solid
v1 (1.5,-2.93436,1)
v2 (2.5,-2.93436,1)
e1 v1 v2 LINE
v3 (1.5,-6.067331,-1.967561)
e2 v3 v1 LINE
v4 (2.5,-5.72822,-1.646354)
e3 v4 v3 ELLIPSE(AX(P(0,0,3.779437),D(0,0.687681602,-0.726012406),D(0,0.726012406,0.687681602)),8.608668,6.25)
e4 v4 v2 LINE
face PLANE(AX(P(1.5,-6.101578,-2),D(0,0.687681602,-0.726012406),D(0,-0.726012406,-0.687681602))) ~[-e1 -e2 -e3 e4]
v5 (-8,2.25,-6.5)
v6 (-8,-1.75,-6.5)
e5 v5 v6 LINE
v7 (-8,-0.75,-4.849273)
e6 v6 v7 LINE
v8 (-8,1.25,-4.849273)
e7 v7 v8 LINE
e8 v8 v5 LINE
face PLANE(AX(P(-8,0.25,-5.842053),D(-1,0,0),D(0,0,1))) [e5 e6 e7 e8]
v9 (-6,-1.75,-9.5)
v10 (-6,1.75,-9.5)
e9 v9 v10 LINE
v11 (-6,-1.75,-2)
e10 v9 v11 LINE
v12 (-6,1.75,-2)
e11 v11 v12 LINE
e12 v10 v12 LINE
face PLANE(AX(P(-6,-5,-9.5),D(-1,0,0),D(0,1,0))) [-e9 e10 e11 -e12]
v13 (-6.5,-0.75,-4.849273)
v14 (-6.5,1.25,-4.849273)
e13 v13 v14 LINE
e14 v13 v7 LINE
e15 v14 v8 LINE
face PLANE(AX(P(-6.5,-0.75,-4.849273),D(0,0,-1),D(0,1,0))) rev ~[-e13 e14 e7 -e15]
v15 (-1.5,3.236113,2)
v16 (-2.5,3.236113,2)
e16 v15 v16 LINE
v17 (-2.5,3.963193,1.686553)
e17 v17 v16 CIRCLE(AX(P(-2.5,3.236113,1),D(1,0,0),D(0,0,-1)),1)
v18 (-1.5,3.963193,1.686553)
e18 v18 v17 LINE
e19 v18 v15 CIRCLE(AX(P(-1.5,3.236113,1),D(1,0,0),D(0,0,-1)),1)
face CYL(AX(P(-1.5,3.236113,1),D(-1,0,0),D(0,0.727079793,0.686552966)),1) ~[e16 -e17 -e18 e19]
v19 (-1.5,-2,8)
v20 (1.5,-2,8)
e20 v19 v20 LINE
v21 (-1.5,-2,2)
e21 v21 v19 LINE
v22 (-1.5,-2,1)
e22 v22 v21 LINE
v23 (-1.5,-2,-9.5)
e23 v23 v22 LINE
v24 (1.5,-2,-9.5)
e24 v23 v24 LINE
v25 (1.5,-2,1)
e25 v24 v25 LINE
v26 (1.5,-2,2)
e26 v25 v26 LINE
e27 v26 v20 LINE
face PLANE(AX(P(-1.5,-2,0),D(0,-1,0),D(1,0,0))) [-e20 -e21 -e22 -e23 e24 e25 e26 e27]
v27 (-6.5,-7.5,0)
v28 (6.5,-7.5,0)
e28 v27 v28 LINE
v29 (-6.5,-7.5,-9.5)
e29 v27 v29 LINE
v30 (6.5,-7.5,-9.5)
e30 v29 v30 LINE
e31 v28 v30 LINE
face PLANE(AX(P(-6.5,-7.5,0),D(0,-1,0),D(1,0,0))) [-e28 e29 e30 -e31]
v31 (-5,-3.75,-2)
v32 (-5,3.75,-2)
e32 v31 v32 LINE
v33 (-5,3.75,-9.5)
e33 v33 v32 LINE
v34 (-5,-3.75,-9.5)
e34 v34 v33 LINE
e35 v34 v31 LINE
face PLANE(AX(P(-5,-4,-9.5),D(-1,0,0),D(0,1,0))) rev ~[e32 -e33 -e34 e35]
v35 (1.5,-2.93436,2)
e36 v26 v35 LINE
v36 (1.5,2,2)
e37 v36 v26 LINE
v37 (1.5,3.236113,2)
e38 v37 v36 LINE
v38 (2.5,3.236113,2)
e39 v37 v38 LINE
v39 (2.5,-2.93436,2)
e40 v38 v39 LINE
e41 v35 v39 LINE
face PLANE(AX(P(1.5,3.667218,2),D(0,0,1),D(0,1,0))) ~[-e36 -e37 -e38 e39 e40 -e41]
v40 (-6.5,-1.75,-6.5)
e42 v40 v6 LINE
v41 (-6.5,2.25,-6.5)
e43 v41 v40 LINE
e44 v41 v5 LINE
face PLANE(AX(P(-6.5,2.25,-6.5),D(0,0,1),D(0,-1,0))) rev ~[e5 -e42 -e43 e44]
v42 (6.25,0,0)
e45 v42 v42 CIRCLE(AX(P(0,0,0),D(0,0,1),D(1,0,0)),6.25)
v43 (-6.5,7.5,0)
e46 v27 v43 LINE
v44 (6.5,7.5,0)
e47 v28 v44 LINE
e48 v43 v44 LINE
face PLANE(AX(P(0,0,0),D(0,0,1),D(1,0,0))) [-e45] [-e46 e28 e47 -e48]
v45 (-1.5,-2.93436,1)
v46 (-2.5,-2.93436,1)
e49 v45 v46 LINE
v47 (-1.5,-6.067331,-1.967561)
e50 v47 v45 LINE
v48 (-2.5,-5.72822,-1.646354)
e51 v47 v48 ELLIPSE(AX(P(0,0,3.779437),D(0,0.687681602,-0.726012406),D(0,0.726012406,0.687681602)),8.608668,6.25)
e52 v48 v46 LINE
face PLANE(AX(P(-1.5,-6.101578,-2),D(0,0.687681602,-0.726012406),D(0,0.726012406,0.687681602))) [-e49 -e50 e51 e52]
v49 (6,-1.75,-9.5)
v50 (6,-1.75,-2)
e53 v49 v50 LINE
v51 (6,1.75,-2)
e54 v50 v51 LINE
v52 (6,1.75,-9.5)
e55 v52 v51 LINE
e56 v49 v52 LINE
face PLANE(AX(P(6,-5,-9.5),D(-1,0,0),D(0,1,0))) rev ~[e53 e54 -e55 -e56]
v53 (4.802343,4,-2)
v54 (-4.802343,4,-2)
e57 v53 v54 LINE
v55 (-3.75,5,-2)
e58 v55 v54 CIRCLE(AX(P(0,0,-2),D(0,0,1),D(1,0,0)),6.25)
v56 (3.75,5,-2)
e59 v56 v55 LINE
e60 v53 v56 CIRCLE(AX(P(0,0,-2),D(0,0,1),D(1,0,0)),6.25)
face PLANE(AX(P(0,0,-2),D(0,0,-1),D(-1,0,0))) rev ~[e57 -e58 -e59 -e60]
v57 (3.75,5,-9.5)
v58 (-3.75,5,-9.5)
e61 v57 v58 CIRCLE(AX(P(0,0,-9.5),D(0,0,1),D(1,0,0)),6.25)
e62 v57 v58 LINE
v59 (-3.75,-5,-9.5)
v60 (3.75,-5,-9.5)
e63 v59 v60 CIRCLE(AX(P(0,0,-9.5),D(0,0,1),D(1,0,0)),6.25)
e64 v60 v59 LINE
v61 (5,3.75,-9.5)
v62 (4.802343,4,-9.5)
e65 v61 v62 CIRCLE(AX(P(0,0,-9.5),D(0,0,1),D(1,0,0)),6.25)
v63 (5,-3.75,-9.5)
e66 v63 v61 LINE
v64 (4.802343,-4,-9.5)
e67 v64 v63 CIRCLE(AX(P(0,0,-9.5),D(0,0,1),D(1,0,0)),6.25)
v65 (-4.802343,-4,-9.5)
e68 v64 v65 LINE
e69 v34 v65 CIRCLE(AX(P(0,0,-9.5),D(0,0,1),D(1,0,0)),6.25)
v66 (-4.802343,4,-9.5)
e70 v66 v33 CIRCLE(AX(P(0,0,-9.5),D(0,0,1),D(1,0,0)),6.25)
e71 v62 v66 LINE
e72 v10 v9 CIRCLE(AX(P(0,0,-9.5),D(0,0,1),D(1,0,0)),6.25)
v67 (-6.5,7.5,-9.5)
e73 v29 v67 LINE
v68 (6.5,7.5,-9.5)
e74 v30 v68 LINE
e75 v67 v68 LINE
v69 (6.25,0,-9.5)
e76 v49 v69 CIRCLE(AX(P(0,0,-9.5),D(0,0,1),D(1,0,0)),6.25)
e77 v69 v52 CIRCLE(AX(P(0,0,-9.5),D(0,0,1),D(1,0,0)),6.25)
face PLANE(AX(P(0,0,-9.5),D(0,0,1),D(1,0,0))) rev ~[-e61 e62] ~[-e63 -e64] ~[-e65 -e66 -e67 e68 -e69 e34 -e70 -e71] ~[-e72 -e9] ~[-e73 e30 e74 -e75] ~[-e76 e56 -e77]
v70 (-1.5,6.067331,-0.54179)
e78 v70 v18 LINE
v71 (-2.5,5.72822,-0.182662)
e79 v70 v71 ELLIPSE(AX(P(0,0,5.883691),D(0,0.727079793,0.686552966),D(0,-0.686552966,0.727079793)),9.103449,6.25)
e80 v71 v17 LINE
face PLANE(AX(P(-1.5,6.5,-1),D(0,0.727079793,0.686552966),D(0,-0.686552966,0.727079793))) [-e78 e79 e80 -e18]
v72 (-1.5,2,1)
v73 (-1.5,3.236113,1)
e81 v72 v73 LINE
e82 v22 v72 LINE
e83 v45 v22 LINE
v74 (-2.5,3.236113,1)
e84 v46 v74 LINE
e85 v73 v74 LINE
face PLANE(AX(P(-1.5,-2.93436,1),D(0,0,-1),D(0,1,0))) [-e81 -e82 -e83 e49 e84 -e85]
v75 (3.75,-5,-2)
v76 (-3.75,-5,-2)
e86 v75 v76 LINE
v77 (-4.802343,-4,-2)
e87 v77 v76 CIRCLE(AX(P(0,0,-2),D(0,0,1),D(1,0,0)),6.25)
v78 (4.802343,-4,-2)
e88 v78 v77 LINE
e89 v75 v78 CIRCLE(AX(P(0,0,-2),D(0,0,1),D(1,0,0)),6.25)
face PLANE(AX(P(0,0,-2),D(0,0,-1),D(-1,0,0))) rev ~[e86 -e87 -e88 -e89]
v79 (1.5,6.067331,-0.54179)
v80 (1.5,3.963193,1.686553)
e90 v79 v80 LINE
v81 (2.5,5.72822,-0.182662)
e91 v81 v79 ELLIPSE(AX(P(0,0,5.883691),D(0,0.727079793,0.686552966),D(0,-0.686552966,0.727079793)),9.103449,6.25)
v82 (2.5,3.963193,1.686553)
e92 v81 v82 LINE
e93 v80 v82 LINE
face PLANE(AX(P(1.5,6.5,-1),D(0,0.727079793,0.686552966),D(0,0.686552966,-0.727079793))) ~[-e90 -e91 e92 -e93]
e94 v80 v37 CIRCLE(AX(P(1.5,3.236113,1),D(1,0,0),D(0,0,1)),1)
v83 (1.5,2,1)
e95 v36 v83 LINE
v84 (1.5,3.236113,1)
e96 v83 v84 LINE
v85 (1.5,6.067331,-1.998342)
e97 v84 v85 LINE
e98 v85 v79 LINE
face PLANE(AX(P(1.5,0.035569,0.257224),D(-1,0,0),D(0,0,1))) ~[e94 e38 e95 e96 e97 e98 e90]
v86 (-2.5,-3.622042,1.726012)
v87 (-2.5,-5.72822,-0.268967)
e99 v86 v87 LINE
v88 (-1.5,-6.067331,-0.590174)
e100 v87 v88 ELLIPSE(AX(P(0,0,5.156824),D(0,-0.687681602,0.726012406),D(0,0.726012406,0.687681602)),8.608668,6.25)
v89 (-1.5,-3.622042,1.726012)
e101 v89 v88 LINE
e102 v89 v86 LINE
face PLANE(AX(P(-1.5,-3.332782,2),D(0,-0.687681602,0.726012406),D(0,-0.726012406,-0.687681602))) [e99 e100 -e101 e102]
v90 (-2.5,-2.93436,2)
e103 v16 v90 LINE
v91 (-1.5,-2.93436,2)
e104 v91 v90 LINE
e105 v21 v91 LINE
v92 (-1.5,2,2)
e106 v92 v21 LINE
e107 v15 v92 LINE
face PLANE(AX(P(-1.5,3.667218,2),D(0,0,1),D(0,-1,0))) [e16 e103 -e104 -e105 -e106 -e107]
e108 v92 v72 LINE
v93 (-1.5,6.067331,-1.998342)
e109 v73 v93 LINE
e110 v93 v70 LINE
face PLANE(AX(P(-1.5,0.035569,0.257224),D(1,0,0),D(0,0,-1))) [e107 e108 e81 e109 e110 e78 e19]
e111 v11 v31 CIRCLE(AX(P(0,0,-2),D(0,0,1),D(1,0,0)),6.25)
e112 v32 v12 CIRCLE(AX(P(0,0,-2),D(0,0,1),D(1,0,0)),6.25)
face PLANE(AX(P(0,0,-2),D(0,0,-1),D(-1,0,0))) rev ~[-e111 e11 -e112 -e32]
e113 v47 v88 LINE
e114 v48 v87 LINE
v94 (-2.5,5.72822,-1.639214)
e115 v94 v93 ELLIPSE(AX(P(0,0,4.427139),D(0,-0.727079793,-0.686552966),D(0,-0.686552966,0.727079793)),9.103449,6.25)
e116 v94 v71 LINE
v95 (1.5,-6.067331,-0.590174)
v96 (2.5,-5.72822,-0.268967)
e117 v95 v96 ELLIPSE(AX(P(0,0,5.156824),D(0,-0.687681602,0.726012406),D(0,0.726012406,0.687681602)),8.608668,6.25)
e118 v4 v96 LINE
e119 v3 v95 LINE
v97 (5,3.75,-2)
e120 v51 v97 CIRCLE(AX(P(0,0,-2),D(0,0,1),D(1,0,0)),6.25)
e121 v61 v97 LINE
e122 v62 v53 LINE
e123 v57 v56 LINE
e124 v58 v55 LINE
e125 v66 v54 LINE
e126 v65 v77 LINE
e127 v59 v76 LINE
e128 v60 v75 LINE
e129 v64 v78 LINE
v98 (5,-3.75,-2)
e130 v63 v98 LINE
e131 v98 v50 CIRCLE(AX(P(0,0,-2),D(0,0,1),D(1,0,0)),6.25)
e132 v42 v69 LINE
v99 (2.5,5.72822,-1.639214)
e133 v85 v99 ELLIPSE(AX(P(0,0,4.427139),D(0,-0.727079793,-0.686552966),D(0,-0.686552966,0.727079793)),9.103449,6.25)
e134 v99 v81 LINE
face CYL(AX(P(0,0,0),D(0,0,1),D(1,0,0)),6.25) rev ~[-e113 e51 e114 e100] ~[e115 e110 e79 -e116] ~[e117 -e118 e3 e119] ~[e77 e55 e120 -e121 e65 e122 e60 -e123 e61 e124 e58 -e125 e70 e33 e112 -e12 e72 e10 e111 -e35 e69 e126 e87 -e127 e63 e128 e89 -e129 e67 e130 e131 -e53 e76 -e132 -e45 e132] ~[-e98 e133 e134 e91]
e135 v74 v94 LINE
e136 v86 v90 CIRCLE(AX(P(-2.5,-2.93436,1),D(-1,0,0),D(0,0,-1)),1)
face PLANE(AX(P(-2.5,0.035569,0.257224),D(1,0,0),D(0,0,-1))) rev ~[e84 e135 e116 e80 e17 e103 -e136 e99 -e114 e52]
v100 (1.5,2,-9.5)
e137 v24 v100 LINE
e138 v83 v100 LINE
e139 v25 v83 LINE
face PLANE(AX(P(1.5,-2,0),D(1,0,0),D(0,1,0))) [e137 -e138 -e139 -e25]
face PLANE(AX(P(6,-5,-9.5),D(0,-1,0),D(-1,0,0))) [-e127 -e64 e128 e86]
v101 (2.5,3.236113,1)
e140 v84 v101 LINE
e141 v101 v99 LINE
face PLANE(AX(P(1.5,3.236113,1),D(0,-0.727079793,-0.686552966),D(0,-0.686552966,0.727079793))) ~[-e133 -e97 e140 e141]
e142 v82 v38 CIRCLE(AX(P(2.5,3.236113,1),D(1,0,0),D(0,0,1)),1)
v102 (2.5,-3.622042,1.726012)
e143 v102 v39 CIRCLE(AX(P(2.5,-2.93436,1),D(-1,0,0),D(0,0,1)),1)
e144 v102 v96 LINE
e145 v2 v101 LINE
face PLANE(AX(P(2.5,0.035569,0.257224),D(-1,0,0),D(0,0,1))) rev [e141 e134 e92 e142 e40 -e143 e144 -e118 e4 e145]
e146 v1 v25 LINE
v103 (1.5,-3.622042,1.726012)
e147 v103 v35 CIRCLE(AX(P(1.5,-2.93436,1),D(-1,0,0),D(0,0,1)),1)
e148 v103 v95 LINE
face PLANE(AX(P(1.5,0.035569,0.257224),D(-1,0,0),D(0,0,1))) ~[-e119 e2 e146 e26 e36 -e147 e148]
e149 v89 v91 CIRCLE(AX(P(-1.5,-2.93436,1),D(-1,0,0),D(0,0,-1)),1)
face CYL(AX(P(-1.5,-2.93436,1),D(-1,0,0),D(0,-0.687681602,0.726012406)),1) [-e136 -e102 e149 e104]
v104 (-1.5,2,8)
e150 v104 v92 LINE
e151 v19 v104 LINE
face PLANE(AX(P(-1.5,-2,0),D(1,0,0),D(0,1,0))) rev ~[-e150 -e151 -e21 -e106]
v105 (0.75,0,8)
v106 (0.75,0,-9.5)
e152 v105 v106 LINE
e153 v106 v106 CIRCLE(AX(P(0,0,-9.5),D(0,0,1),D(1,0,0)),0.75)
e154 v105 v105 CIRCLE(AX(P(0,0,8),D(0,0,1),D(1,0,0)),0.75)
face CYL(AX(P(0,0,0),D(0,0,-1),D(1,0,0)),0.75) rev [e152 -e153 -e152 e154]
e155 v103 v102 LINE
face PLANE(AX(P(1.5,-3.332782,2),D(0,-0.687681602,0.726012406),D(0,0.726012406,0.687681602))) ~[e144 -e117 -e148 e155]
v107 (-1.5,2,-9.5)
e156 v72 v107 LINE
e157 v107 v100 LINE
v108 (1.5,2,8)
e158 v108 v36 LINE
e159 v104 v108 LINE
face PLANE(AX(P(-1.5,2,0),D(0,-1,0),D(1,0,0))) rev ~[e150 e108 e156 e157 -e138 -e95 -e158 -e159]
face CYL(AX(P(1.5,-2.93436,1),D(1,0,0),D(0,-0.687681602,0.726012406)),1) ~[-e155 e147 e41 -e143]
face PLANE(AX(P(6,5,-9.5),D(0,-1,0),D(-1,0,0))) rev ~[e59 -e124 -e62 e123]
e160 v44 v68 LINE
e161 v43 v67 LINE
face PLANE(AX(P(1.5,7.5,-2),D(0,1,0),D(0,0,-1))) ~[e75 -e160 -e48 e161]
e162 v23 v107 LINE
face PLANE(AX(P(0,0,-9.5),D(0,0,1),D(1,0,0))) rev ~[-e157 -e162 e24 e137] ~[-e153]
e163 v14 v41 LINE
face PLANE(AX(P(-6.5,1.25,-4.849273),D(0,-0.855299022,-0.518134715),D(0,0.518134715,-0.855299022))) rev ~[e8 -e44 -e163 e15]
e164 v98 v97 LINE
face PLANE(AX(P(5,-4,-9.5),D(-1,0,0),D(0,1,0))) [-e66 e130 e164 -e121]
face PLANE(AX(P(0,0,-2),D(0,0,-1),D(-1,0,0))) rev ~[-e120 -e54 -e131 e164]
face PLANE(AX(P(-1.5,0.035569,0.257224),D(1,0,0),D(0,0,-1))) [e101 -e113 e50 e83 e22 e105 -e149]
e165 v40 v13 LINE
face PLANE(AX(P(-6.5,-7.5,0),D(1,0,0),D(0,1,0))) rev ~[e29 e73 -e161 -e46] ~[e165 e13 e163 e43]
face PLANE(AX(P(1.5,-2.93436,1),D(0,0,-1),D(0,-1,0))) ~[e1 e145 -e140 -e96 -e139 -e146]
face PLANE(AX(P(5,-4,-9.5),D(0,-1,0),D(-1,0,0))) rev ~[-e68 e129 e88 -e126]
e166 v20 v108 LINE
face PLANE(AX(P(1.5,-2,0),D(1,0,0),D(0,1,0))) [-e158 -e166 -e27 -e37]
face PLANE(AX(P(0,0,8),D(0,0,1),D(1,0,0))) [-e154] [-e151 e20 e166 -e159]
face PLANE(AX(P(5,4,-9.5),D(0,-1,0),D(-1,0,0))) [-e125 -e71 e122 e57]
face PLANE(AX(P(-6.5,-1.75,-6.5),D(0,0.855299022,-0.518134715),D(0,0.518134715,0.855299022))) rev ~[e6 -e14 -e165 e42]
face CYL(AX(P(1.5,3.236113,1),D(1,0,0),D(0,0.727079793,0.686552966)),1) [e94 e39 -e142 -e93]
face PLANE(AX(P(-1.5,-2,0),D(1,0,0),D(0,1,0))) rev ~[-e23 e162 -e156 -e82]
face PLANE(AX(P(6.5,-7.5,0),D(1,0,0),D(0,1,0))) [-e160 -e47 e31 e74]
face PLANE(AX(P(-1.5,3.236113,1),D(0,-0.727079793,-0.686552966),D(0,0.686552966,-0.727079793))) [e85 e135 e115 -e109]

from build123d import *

# Parameters (mm, degrees)
ESBO_O1_W                     = 13
ESBO_O1_H                     = 15
RESSALTO_EXTRUS_O1_DEPTH      = 9.5
ESBO_O3_R                     = 6.25
CORTE_EXTRUS_O1_DEPTH         = 10.5
ESBO_O2_W                     = 3
ESBO_O2_H                     = 4
ESBO_O2_R                     = 0.75
RESSALTO_EXTRUS_O2_DEPTH      = 8
RESSALTO_EXTRUS_O2_DEPTH_BACK = 9.5
RESSALTO_EXTRUS_O3_DEPTH      = 1.5
ESBO_O5_W                     = 12
ESBO_O5_H                     = 10
ESBO_O5_W_2                   = 10
ESBO_O5_H_2                   = 8
RESSALTO_EXTRUS_O4_DEPTH      = 7.5
RESSALTO_EXTRUS_O5_DEPTH      = 1
FILETE1_R                     = 1


with BuildPart() as part:
    # Esboço1 → Ressalto-extrusão1 (new body)
    with BuildSketch(Plane.XY):
        Rectangle(ESBO_O1_W, ESBO_O1_H)
    extrude(amount=-RESSALTO_EXTRUS_O1_DEPTH)

    # Esboço3 → Corte-extrusão1 (cut, through all)
    with BuildSketch(Plane.XY):
        Circle(ESBO_O3_R)
    extrude(amount=-CORTE_EXTRUS_O1_DEPTH, mode=Mode.SUBTRACT)

    # Esboço4 → Ressalto-extrusão3 (add)
    with BuildSketch(Plane.ZY.offset(6.5)):
        Polygon((-6.5, 2.25), (-6.5, -1.75), (-4.849272887, -0.75), (-4.849272887, 1.25), align=None)
    extrude(amount=RESSALTO_EXTRUS_O3_DEPTH)

    # Esboço5 → Ressalto-extrusão4 (add)
    with BuildSketch(Plane(origin=(0, 0, -9.5), x_dir=(-1, 0, 0), z_dir=(0, 0, -1))):
        Rectangle(ESBO_O5_W, ESBO_O5_H)
        Rectangle(ESBO_O5_W_2, ESBO_O5_H_2, mode=Mode.SUBTRACT)
    extrude(amount=-RESSALTO_EXTRUS_O4_DEPTH)



with BuildPart() as body_2:
    # Esboço2 → Ressalto-extrusão2 (new body, two sides)
    with BuildSketch(Plane.XY) as ressalto_extrus_o2_sk:
        Rectangle(ESBO_O2_W, ESBO_O2_H)
        Circle(ESBO_O2_R, mode=Mode.SUBTRACT)
    extrude(amount=RESSALTO_EXTRUS_O2_DEPTH)
    extrude(ressalto_extrus_o2_sk.sketch, amount=-RESSALTO_EXTRUS_O2_DEPTH_BACK)


with BuildPart() as part_1:
    add(part.part)

    add(body_2.part)  # Ressalto-extrusão5 merges body 2
    # Esboço6 → Ressalto-extrusão5 (add)
    with BuildSketch(Plane.ZY.offset(1.5)):
        Polygon((-1, 7.5), (-1, 6.5), (2, 3.667217521), (2, -3.332782479), (-1, -6.5), (-1, -7.5), (-2, -7.5), (-2, -6.101577834), (1, -2.934360312), (1, 3.236113484), (-2, 6.068895963), (-2, 7.5), align=None)
    ressalto_extrus_o5 = extrude(amount=RESSALTO_EXTRUS_O5_DEPTH)

    # Espelhar1: Ressalto-extrusão5 across plane
    add(ressalto_extrus_o5.mirror(Plane(origin=(0, 0, 0), x_dir=(0, 0, 1), z_dir=(1, 0, 0))))

    # Filete1
    filete1_edges = [part_1.edges().sort_by_distance(p)[0] for p in [
        (2, -3.332782479, 2),
        (2, 3.667217521, 2),
        (-2, -3.332782479, 2),
        (-2, 3.667217521, 2),
    ]]
    fillet(filete1_edges, radius=FILETE1_R)


solid = part_1.part
